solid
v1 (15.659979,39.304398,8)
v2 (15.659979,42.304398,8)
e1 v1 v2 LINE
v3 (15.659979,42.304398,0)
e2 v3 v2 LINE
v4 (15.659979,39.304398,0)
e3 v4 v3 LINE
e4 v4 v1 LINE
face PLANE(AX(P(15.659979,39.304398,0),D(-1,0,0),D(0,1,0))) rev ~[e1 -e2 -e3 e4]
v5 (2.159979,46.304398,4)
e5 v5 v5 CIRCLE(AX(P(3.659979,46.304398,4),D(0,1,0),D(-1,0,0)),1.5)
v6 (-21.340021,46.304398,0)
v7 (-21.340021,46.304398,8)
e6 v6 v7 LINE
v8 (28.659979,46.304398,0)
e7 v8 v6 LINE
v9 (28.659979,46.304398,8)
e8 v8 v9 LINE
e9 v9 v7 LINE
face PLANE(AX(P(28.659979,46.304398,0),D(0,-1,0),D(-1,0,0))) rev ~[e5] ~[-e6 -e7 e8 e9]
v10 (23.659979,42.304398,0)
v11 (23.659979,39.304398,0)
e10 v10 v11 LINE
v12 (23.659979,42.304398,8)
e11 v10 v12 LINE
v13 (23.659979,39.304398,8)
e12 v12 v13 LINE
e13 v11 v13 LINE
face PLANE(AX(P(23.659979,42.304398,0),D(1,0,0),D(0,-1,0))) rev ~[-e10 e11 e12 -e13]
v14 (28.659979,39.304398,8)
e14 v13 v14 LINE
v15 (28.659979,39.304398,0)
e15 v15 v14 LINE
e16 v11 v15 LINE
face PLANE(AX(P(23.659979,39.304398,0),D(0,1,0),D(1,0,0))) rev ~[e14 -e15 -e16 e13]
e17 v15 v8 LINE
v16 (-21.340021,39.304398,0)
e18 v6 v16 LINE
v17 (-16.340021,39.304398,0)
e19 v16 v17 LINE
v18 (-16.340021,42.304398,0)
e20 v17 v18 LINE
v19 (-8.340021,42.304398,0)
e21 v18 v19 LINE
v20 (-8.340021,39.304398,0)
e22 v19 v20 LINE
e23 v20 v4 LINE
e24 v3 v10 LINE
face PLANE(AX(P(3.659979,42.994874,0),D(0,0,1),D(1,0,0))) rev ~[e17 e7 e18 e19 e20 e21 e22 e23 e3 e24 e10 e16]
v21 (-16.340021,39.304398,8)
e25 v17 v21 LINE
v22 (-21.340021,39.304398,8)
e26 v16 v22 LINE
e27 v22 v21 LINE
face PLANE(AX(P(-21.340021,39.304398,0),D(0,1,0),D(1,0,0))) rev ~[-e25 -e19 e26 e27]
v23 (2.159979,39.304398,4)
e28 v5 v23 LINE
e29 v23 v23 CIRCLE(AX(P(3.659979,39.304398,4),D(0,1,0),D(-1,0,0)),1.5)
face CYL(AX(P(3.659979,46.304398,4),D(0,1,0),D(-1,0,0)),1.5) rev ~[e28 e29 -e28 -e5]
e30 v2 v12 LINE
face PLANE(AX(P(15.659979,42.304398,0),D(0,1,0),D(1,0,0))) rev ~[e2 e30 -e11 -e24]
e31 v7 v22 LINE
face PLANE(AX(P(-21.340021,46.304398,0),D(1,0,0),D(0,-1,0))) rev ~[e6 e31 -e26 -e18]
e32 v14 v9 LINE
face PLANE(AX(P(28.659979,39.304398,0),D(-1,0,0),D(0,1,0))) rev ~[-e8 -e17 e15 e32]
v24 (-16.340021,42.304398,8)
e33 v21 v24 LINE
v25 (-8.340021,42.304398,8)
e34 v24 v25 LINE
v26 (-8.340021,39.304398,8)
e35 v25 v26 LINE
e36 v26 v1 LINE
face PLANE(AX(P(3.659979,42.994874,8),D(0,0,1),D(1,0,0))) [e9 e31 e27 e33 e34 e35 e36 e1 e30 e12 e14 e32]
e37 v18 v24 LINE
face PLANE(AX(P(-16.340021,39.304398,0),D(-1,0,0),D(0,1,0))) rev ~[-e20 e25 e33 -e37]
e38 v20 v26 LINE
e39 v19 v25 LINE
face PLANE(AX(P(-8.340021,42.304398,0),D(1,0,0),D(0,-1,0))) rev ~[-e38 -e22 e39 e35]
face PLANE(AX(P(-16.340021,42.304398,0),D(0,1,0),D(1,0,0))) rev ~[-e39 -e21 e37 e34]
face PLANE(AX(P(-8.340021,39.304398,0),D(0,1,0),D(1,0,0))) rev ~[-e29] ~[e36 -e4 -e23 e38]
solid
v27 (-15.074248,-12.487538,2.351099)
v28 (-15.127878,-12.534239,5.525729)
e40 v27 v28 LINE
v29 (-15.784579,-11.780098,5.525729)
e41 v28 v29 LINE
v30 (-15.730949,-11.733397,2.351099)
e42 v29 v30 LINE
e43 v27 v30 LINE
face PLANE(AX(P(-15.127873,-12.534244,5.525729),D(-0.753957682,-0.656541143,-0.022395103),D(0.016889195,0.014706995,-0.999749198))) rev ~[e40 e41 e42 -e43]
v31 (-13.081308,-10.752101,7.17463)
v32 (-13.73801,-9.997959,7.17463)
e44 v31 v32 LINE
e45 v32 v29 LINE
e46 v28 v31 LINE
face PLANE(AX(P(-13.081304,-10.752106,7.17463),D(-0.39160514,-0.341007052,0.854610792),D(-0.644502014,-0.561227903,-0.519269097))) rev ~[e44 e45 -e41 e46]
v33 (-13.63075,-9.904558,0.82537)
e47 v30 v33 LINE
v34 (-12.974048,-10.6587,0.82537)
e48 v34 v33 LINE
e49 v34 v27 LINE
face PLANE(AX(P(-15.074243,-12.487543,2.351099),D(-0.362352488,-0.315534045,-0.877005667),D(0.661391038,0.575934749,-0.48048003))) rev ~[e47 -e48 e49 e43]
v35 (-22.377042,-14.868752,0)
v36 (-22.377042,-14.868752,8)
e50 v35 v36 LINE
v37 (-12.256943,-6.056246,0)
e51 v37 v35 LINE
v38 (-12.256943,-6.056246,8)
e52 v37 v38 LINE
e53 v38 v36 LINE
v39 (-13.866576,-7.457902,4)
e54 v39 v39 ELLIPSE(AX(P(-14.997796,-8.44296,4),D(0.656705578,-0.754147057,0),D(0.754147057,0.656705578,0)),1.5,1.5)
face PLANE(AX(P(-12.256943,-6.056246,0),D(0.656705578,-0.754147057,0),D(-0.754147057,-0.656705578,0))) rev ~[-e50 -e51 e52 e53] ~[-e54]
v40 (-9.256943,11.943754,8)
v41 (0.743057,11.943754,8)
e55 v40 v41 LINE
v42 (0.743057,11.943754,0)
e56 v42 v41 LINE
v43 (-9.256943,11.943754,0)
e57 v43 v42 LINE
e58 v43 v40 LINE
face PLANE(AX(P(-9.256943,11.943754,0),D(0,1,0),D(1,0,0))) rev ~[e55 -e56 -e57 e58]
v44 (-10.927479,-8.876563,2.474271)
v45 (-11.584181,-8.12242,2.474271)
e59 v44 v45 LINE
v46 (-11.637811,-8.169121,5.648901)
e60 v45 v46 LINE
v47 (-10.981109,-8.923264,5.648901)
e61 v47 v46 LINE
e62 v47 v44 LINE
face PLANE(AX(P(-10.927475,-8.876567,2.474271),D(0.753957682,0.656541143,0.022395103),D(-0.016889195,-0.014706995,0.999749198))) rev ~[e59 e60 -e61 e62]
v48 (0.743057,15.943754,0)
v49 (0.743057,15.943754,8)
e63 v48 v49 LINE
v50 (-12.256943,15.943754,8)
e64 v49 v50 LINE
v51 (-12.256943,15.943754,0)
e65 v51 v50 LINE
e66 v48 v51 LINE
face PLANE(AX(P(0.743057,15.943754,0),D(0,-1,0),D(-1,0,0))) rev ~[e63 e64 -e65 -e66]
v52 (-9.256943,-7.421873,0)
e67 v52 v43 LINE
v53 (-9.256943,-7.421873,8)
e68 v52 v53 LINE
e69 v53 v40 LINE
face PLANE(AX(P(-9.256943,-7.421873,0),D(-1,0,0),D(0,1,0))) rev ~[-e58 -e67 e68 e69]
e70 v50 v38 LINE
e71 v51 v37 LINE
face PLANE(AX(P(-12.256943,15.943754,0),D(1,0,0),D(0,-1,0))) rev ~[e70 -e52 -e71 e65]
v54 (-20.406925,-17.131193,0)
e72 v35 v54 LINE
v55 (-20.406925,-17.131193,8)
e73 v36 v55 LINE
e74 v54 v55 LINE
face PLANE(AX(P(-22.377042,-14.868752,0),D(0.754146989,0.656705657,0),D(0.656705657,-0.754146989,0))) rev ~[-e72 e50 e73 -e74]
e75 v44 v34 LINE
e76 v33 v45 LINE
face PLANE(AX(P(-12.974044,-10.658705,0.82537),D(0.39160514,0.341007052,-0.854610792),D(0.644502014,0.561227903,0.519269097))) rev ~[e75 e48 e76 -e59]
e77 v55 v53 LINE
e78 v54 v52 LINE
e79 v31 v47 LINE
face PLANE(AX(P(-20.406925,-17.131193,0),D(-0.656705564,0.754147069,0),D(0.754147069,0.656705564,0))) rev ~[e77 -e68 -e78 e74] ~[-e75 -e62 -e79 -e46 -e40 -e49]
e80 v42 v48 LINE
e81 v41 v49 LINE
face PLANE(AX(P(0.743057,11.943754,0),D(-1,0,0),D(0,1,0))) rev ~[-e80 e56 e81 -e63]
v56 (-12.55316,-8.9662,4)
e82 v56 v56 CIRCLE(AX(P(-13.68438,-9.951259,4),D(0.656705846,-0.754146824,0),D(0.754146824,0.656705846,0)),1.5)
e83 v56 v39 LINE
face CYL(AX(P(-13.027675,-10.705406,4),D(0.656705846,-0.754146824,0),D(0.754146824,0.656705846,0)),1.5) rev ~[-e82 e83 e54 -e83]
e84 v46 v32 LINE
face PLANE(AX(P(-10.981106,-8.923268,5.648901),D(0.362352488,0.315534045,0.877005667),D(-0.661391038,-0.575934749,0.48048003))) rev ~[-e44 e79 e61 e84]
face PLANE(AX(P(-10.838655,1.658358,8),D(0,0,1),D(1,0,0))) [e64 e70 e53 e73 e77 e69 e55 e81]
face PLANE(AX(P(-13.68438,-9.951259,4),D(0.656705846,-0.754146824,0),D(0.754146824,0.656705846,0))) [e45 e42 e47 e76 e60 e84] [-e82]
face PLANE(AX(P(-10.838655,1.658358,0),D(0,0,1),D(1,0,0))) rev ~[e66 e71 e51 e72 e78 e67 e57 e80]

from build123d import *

# Parameters (mm, degrees)
F1_DEPTH = 8
F2_R     = 1.5
F3_DEPTH = 25
F4_DEPTH = 1
F6_DEPTH = 8
F7_R     = 1.5
F8_DEPTH = 25


with BuildPart() as f1:
    # F0 (on Top) → F1 (new body)
    with BuildSketch(Plane.XY):
        Polygon((0.743057, 11.943754), (0.743057, 15.943754), (-12.256943, 15.943754), (-12.256943, -6.056246), (-22.377042, -14.868752), (-20.406925, -17.131193), (-9.256943, -7.421873), (-9.256943, 11.943754), align=None)
    extrude(amount=F1_DEPTH)

    # F2 (on face) → F3 (cut)
    with BuildSketch(Plane(origin=(-0.316468, 0.363425, 0), x_dir=(0.754147, 0.656706, 0), z_dir=(0.656706, -0.754147, 0))):
        with Locations((-16.855082, 4)):
            Circle(F2_R)
    extrude(amount=-F3_DEPTH, mode=Mode.SUBTRACT)

    # F2 (on face) → F4 (cut)
    with BuildSketch(Plane(origin=(-0.316468, 0.363425, 0), x_dir=(0.754147, 0.656706, 0), z_dir=(0.656706, -0.754147, 0))):
        Polygon((-14.141328, 5.648901), (-16.926195, 7.17463), (-19.639949, 5.525729), (-19.568835, 2.351099), (-16.783968, 0.82537), (-14.070214, 2.474271), align=None)
        with Locations((-16.855082, 4)):
            Circle(F2_R, mode=Mode.SUBTRACT)
    extrude(amount=-F4_DEPTH, mode=Mode.SUBTRACT)


with BuildPart() as f6:
    # F5 (on Top) → F6 (new body)
    with BuildSketch(Plane.XY):
        Polygon((28.659979, 46.304398), (-21.340021, 46.304398), (-21.340021, 39.304398), (-16.340021, 39.304398), (-16.340021, 42.304398), (-8.340021, 42.304398), (-8.340021, 39.304398), (15.659979, 39.304398), (15.659979, 42.304398), (23.659979, 42.304398), (23.659979, 39.304398), (28.659979, 39.304398), align=None)
    extrude(amount=F6_DEPTH)

    # F7 (on face) → F8 (cut)
    with BuildSketch(Plane(origin=(0, 46.304398, 0), x_dir=(-1, 0, 0), z_dir=(0, 1, 0))):
        with Locations((-3.659979, 4)):
            Circle(F7_R)
    extrude(amount=-F8_DEPTH, mode=Mode.SUBTRACT)


solid = Compound([f1.part, f6.part])
